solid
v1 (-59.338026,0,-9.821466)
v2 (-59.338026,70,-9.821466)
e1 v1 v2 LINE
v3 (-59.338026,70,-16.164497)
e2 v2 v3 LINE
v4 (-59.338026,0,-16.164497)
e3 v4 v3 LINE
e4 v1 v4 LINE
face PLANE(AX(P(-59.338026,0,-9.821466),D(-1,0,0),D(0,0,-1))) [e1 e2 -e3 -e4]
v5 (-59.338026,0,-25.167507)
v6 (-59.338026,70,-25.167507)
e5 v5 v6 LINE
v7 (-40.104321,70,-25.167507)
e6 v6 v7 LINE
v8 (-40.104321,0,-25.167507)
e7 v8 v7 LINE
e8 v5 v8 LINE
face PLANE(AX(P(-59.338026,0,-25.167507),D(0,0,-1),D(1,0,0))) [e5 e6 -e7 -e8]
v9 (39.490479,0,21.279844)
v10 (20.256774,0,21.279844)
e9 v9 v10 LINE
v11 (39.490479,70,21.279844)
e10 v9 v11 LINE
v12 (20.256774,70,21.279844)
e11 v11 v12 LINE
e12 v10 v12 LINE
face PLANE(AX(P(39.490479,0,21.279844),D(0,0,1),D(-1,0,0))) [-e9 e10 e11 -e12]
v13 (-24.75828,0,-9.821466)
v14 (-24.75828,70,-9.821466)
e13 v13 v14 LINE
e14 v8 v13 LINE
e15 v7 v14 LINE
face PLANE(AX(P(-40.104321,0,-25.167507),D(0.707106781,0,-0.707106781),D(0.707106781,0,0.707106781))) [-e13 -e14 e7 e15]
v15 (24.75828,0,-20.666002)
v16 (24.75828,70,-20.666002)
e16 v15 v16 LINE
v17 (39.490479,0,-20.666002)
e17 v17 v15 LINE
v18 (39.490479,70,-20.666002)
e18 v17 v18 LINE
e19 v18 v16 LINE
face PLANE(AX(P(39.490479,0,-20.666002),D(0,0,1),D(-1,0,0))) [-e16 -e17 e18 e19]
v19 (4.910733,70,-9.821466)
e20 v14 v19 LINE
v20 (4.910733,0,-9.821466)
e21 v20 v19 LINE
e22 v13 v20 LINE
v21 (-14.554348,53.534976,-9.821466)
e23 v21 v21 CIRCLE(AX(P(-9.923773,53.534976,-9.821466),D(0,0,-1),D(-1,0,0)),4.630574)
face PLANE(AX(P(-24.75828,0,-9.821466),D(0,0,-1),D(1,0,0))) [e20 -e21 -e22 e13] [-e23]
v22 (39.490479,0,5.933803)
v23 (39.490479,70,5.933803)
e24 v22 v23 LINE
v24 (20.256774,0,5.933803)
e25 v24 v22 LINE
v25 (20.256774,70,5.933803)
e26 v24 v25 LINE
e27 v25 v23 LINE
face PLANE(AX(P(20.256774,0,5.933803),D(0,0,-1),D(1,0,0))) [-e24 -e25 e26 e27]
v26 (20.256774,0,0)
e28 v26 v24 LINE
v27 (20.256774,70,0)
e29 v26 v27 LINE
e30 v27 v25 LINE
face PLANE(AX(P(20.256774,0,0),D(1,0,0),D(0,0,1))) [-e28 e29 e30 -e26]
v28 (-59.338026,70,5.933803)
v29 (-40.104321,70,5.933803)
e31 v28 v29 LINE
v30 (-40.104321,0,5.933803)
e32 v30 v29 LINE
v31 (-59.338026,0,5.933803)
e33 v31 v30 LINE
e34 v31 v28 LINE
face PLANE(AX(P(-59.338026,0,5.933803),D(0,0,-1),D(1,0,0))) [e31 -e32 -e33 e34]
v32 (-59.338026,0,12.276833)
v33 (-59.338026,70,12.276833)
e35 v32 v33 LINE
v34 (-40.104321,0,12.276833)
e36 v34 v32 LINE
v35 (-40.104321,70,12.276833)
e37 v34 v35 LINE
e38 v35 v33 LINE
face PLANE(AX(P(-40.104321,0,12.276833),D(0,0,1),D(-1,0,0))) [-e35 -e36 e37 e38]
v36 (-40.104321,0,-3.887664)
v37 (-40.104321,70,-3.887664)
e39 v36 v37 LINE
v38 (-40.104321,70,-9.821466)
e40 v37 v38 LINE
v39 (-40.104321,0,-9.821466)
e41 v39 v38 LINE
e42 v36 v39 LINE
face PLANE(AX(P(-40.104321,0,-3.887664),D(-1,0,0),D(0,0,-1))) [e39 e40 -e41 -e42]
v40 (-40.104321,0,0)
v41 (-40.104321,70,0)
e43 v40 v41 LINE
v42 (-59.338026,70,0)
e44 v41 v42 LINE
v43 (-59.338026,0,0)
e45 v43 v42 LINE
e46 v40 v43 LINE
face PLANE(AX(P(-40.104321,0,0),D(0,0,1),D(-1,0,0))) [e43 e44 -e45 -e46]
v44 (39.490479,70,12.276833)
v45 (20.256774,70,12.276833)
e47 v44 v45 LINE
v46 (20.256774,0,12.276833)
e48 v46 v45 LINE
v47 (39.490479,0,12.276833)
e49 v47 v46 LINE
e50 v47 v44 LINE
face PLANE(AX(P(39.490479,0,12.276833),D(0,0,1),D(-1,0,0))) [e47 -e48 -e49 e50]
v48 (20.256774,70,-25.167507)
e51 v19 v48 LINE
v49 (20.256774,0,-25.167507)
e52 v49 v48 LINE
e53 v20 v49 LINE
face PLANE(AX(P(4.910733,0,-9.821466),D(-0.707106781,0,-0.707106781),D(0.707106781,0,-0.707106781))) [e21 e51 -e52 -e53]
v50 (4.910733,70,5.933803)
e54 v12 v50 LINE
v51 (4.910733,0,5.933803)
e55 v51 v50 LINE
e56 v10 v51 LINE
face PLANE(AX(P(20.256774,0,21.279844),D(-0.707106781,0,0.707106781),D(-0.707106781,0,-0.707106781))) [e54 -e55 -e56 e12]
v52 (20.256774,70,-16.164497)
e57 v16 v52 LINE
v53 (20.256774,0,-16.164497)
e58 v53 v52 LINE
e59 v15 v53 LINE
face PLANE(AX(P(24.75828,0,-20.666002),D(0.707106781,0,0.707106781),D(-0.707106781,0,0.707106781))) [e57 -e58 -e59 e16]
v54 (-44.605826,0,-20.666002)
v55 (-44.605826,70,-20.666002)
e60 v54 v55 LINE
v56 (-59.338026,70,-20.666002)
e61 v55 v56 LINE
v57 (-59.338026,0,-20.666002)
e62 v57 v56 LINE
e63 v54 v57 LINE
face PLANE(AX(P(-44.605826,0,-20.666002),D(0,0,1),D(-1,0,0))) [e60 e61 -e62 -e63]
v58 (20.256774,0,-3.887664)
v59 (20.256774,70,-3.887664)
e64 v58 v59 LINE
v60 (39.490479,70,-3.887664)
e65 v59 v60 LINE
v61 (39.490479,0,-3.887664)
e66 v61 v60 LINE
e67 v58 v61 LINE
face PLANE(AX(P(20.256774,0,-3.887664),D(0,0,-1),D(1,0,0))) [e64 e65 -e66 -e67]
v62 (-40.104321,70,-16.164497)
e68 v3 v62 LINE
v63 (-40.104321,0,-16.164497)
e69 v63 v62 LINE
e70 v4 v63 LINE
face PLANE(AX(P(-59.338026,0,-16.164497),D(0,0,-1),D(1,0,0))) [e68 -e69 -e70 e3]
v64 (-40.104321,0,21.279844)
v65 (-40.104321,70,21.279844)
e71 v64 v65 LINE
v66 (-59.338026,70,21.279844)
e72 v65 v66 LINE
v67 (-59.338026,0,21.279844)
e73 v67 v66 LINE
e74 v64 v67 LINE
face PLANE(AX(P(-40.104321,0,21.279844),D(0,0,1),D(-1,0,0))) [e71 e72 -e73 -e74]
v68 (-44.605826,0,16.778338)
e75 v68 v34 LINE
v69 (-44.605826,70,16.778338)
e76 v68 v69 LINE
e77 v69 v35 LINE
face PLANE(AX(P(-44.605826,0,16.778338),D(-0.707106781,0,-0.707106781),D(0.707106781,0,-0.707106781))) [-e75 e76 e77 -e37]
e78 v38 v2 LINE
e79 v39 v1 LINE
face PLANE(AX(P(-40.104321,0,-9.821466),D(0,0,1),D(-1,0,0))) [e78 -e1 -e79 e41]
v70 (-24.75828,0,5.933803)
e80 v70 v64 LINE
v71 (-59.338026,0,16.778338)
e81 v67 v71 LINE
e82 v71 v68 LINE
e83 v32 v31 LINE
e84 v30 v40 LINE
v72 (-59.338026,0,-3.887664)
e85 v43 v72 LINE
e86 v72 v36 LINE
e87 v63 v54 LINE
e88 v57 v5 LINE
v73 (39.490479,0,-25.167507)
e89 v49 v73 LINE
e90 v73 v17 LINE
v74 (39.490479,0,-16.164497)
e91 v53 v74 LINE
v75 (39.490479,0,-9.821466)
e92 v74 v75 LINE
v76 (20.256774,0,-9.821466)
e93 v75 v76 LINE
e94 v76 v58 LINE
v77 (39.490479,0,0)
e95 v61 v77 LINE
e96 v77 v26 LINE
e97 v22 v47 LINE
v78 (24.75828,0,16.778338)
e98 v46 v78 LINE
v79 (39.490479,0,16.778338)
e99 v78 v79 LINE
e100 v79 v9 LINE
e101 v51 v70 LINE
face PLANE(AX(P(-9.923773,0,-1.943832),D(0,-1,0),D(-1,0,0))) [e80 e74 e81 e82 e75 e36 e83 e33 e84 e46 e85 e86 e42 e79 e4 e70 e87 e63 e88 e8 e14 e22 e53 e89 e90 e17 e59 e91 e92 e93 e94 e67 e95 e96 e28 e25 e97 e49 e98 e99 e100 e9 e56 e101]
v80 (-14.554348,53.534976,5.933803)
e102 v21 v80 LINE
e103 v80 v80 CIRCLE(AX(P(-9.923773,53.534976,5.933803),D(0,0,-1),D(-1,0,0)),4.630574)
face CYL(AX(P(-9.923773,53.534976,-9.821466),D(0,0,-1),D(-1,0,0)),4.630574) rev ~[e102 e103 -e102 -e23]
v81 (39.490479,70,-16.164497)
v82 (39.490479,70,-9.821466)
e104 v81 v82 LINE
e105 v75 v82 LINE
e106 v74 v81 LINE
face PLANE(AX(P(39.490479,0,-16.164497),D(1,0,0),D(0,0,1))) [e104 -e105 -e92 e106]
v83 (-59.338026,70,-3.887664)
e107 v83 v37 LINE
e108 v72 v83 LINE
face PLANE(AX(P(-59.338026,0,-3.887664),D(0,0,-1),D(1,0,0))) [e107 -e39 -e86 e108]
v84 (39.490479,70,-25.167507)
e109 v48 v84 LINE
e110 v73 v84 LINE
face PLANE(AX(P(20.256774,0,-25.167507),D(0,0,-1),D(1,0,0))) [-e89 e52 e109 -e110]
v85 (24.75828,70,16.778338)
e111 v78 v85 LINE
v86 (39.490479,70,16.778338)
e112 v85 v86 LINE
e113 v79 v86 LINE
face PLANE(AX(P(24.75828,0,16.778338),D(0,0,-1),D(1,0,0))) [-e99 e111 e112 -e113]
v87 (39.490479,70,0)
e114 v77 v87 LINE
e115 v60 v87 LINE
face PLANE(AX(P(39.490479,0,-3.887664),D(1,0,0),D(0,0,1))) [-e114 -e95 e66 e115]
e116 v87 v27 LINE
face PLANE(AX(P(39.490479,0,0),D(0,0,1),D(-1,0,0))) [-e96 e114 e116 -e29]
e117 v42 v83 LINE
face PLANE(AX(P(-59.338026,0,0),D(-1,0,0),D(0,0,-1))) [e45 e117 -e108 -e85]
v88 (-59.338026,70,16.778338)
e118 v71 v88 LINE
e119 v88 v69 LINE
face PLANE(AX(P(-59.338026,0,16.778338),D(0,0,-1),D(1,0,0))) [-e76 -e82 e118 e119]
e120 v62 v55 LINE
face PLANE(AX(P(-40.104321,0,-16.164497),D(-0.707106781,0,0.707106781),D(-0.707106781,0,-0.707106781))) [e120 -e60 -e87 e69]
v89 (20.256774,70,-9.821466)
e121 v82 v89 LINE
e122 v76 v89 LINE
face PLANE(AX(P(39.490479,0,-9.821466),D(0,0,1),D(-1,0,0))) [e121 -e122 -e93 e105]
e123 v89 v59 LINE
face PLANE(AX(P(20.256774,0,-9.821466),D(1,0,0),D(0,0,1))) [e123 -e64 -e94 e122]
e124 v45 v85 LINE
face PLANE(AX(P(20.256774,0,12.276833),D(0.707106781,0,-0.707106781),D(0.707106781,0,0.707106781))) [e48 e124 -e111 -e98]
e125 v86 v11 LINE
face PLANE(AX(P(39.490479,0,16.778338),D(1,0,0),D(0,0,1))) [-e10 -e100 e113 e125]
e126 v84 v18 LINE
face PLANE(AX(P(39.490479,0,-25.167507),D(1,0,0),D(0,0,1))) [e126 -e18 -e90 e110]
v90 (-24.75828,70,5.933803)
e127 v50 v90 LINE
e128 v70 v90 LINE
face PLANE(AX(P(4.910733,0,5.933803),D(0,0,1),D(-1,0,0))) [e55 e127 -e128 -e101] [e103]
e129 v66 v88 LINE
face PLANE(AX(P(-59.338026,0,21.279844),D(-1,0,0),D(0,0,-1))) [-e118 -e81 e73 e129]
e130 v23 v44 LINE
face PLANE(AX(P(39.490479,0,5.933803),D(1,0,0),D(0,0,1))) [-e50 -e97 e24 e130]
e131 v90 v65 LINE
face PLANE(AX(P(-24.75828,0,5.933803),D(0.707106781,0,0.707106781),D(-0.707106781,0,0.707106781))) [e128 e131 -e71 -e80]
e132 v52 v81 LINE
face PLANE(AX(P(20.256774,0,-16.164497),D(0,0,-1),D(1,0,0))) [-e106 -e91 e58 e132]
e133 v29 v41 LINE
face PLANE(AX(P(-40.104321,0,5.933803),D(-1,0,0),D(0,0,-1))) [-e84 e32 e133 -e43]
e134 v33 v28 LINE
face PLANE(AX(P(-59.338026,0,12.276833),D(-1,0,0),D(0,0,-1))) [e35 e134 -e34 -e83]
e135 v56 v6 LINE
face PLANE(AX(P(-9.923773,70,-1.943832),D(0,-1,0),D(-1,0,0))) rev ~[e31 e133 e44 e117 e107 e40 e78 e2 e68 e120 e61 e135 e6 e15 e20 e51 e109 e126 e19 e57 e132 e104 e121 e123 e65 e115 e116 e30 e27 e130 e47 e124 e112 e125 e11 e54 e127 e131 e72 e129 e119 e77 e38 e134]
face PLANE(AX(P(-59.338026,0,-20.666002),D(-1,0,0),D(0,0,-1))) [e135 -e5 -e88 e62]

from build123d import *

# Parameters (mm, degrees)
BOSS_EXTRUDE1_DEPTH = 70
SKETCH3_R           = 4.630574493
CUT_EXTRUDE1_DEPTH  = 97.893202961


with BuildPart() as part:
    # Sketch1 → Boss-Extrude1 (new body)
    with BuildSketch(Plane(origin=(0, 0, 0), x_dir=(1, 0, 0), z_dir=(0, 1, 0))):
        Polygon((-59.338025707, 25.167507455), (-40.104320822, 25.167507455), (-24.758279691, 9.821466324), (4.910733162, 9.821466324), (20.256774293, 25.167507455), (39.490479177, 25.167507455), (39.490479177, 20.666002056), (24.758279691, 20.666002056), (20.256774293, 16.164496658), (39.490479177, 16.164496658), (39.490479177, 9.821466324), (20.256774293, 9.821466324), (20.256774293, 3.887663753), (39.490479177, 3.887663753), (39.490479177, 0), (20.256774293, 0), (20.256774293, -5.933802571), (39.490479177, -5.933802571), (39.490479177, -12.276832905), (20.256774293, -12.276832905), (24.758279691, -16.778338303), (39.490479177, -16.778338303), (39.490479177, -21.279843702), (20.256774293, -21.279843702), (4.910733162, -5.933802571), (-24.758279691, -5.933802571), (-40.104320822, -21.279843702), (-59.338025707, -21.279843702), (-59.338025707, -16.778338303), (-44.605826221, -16.778338303), (-40.104320822, -12.276832905), (-59.338025707, -12.276832905), (-59.338025707, -5.933802571), (-40.104320822, -5.933802571), (-40.104320822, 0), (-59.338025707, 0), (-59.338025707, 3.887663753), (-40.104320822, 3.887663753), (-40.104320822, 9.821466324), (-59.338025707, 9.821466324), (-59.338025707, 16.164496658), (-40.104320822, 16.164496658), (-44.605826221, 20.666002056), (-59.338025707, 20.666002056), align=None)
    extrude(amount=BOSS_EXTRUDE1_DEPTH)

    # Sketch3 → Cut-Extrude1 (cut, through all)
    with BuildSketch(Plane(origin=(0, 0, -9.821466324), x_dir=(-1, 0, 0), z_dir=(0, 0, -1))):
        with Locations((9.923773265, 53.534976089)):
            Circle(SKETCH3_R)
    extrude(amount=-CUT_EXTRUDE1_DEPTH, mode=Mode.SUBTRACT)


solid = part.part
